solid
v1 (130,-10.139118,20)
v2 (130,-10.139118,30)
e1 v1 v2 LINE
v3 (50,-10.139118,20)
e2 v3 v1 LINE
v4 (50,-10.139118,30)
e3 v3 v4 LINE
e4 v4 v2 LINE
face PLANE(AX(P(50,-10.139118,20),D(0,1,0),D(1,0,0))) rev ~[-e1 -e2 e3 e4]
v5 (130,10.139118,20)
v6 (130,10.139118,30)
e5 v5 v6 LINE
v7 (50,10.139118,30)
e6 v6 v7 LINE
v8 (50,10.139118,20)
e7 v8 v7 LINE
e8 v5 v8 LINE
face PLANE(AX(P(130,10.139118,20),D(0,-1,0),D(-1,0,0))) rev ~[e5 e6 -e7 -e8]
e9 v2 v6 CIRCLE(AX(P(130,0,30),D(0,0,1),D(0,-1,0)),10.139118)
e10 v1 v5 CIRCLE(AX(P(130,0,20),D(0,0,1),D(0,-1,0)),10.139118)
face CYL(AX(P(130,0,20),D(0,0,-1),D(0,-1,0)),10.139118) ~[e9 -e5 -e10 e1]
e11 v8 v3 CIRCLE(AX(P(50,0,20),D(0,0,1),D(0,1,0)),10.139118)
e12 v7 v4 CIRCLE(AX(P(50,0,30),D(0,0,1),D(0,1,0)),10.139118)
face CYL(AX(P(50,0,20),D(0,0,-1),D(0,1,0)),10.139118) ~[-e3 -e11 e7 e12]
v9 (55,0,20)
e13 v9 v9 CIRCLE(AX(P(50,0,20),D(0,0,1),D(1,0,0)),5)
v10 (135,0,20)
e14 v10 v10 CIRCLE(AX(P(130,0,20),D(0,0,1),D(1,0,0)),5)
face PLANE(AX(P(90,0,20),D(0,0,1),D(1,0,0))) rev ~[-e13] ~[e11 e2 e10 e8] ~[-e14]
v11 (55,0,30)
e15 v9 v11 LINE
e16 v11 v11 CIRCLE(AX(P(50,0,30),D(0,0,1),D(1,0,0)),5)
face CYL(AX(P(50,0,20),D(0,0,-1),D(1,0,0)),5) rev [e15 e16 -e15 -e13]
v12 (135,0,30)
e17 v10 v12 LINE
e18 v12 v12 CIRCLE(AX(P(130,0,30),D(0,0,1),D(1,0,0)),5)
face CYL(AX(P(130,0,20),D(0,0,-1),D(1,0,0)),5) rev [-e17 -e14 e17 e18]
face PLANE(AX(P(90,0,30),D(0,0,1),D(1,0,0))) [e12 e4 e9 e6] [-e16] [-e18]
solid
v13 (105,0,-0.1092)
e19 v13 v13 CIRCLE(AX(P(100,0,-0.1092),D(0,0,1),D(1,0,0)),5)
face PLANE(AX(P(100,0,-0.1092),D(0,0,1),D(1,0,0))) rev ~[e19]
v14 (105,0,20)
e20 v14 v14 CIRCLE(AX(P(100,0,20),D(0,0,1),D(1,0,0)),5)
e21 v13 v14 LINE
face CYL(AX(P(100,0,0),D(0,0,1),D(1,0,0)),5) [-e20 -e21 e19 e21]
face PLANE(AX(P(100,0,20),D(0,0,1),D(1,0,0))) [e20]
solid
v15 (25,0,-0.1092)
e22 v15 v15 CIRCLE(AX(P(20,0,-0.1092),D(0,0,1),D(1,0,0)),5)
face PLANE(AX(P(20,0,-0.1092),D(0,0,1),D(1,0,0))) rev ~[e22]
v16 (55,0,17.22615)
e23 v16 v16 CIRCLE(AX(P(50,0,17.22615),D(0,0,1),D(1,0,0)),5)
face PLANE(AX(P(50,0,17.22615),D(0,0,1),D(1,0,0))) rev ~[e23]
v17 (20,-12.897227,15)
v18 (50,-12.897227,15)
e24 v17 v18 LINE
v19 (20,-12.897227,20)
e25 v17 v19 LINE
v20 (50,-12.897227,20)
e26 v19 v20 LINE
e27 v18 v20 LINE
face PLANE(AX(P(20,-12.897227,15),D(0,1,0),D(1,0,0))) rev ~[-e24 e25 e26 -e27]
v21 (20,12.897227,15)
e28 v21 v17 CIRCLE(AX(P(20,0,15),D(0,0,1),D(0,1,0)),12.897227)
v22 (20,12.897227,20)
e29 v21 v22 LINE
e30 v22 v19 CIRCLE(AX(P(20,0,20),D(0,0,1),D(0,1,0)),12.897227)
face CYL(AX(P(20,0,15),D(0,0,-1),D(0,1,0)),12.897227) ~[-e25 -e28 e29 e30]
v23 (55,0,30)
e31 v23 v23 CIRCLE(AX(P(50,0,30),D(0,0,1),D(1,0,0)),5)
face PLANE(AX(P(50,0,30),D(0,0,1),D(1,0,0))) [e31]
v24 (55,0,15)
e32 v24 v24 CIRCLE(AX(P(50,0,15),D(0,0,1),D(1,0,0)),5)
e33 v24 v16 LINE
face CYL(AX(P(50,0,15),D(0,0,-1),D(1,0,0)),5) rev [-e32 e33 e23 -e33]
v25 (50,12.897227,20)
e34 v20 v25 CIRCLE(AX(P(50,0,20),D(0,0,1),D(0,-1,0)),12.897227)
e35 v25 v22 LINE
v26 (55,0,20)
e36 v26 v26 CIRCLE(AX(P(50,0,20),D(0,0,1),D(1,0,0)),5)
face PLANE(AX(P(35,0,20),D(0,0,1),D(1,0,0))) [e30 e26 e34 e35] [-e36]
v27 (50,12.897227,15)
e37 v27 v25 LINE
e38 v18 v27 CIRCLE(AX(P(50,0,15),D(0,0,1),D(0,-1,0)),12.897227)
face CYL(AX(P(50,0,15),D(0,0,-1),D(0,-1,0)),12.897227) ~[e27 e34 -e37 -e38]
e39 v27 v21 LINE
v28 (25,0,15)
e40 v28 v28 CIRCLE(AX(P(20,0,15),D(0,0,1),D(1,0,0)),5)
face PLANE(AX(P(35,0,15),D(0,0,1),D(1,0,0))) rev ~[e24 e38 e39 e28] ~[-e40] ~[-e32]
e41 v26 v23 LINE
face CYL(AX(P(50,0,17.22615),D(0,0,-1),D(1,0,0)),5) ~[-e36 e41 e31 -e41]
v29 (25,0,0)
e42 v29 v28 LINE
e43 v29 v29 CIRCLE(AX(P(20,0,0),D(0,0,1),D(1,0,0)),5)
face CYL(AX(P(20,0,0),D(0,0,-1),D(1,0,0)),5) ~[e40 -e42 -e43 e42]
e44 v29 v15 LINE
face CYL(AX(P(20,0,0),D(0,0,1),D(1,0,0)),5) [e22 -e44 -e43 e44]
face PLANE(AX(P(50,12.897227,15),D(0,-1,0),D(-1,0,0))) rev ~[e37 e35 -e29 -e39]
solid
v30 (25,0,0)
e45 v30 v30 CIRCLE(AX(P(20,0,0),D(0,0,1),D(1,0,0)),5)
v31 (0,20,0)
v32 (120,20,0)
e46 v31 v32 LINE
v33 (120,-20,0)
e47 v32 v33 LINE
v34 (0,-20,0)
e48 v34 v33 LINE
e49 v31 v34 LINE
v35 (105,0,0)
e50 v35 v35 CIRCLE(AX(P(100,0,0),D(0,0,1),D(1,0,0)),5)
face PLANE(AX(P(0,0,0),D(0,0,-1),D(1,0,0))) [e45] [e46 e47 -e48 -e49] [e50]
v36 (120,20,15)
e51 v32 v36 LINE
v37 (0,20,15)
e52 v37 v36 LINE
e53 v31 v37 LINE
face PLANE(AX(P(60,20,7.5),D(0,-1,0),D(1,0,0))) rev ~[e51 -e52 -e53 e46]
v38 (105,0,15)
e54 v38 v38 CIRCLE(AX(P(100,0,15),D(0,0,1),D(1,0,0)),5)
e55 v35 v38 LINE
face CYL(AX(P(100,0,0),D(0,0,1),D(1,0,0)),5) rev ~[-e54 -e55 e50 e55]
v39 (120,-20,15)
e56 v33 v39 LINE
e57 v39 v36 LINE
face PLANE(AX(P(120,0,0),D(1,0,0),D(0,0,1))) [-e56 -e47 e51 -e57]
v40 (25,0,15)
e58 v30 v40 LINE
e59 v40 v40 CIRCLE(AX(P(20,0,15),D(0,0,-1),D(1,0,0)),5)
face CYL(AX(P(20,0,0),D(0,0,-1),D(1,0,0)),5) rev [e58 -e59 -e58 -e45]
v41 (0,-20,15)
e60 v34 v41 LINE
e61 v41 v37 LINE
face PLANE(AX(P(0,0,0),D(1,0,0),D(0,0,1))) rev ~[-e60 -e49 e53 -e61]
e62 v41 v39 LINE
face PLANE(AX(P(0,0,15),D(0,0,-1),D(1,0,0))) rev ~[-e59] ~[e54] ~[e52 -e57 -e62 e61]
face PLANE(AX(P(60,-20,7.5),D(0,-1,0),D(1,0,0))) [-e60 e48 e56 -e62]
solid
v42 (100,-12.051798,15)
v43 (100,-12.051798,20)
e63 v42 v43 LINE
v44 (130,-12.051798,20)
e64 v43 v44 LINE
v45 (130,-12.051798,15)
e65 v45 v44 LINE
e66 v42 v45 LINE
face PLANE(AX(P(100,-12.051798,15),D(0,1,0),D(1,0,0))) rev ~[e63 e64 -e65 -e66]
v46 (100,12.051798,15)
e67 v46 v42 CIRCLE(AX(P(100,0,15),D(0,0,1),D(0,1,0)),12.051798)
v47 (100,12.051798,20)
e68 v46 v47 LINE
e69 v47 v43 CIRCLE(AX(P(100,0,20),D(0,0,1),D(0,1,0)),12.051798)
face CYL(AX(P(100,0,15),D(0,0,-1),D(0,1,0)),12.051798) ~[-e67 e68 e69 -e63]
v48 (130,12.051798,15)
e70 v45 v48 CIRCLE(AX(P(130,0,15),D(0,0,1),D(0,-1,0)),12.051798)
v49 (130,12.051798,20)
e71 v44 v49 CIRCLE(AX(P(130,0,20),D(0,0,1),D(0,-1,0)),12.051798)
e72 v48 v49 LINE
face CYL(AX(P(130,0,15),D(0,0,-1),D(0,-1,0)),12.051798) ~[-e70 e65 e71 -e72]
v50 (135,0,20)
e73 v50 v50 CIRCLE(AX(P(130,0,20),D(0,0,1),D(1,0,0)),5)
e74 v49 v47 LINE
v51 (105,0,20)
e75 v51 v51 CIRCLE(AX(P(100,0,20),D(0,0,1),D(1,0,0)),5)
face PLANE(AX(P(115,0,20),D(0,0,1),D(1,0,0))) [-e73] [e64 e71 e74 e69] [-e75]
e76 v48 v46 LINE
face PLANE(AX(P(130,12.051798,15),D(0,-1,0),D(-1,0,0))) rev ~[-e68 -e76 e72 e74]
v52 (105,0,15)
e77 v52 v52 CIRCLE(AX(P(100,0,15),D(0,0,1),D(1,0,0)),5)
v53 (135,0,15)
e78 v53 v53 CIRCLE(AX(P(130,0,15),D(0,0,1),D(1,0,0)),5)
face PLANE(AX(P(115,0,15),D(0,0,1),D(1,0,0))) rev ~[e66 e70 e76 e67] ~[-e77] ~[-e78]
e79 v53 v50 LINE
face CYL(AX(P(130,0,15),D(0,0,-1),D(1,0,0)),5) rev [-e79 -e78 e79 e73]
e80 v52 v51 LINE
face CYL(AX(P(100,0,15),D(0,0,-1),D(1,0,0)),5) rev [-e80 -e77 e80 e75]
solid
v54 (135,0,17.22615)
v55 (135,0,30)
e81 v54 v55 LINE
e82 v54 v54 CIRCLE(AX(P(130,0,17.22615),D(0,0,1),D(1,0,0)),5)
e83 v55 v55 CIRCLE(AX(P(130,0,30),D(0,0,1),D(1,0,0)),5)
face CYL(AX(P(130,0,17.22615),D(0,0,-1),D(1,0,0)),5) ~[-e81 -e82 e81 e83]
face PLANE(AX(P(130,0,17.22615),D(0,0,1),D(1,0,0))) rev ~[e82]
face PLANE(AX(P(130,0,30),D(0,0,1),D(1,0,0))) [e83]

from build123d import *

# Parameters (mm, degrees)
F0_W           = 120
F0_H           = 15
F1_DEPTH       = 20
F2_R           = 5
F3_DEPTH       = 50
F4_R           = 5
F5_DEPTH       = 5
F7_START       = 15
F6_R           = 5
F7_DEPTH       = 5
F9_START       = 17.22615
F8_R           = 5
F9_DEPTH       = 12.77385
F10_R          = 5
F11_DEPTH      = 20
F11_DEPTH_BACK = 0.1092
F13_START      = 20
F12_R          = 5
F13_DEPTH      = 10


with BuildPart() as f1:
    # F0 (on Front) → F1 (new body, symmetric)
    with BuildSketch(Plane.XZ):
        with Locations((60, 7.5)):
            Rectangle(F0_W, F0_H)
    extrude(amount=F1_DEPTH, both=True)

    # F2 (on Top) → F3 (cut, symmetric)
    with BuildSketch(Plane.XY):
        with Locations((20, 0)):
            Circle(F2_R)
        with Locations((100, 0)):
            Circle(F2_R)
    extrude(amount=F3_DEPTH, both=True, mode=Mode.SUBTRACT)


with BuildPart() as f5:
    # F4 (on face) → F5 (new body)
    with BuildSketch(Plane.XY.offset(15)):
        with BuildLine():
            Line((50, 12.8972270639), (20, 12.8972270639))
            ThreePointArc((20, 12.8972270639), (7.1027729361, 0), (20, -12.8972270639))
            Line((20, -12.8972270639), (50, -12.8972270639))
            ThreePointArc((50, -12.8972270639), (62.8972270639, 0), (50, 12.8972270639))
        make_face()
        with Locations((20, 0)):
            Circle(F4_R, mode=Mode.SUBTRACT)
        with Locations((50, 0)):
            Circle(F4_R, mode=Mode.SUBTRACT)
    extrude(amount=F5_DEPTH)

    # F8 (on Top) → F9 (join)
    with BuildSketch(Plane.XY.offset(F9_START)):
        with Locations((50, 0)):
            Circle(F8_R)
    extrude(amount=F9_DEPTH)

    # F10 (on Top) → F11 (join, two sides)
    with BuildSketch(Plane.XY) as f11_sk:
        with Locations((20, 0)):
            Circle(F10_R)
        with Locations((100, 0)):
            Circle(F10_R)
    extrude(amount=F11_DEPTH)
    extrude(f11_sk.sketch, amount=-F11_DEPTH_BACK)


with BuildPart() as f7:
    # F6 (on Top) → F7 (new body)
    with BuildSketch(Plane.XY.offset(F7_START)):
        with BuildLine():
            Line((130, 12.0517981091), (100, 12.0517981091))
            ThreePointArc((100, 12.0517981091), (87.9482018909, 0), (100, -12.0517981091))
            Line((100, -12.0517981091), (130, -12.0517981091))
            ThreePointArc((130, -12.0517981091), (142.0517981091, 0), (130, 12.0517981091))
        make_face()
        with Locations((100, 0)):
            Circle(F6_R, mode=Mode.SUBTRACT)
        with Locations((130, 0)):
            Circle(F6_R, mode=Mode.SUBTRACT)
    extrude(amount=F7_DEPTH)


with BuildPart() as f9:
    # F8 (on Top) → F9, piece 2 (new body)
    with BuildSketch(Plane.XY.offset(F9_START)):
        with Locations((130, 0)):
            Circle(F8_R)
    extrude(amount=F9_DEPTH)


with BuildPart() as f13:
    # F12 (on Top) → F13 (new body)
    with BuildSketch(Plane.XY.offset(F13_START)):
        with BuildLine():
            Line((130, 10.1391175894), (50, 10.1391175894))
            ThreePointArc((50, 10.1391175894), (39.8608824106, 0), (50, -10.1391175894))
            Line((50, -10.1391175894), (130, -10.1391175894))
            ThreePointArc((130, -10.1391175894), (140.1391175894, 0), (130, 10.1391175894))
        make_face()
        with Locations((50, 0)):
            Circle(F12_R, mode=Mode.SUBTRACT)
        with Locations((130, 0)):
            Circle(F12_R, mode=Mode.SUBTRACT)
    extrude(amount=F13_DEPTH)


solid = Compound([f1.part, f5.part, f7.part, f9.part, f13.part])
